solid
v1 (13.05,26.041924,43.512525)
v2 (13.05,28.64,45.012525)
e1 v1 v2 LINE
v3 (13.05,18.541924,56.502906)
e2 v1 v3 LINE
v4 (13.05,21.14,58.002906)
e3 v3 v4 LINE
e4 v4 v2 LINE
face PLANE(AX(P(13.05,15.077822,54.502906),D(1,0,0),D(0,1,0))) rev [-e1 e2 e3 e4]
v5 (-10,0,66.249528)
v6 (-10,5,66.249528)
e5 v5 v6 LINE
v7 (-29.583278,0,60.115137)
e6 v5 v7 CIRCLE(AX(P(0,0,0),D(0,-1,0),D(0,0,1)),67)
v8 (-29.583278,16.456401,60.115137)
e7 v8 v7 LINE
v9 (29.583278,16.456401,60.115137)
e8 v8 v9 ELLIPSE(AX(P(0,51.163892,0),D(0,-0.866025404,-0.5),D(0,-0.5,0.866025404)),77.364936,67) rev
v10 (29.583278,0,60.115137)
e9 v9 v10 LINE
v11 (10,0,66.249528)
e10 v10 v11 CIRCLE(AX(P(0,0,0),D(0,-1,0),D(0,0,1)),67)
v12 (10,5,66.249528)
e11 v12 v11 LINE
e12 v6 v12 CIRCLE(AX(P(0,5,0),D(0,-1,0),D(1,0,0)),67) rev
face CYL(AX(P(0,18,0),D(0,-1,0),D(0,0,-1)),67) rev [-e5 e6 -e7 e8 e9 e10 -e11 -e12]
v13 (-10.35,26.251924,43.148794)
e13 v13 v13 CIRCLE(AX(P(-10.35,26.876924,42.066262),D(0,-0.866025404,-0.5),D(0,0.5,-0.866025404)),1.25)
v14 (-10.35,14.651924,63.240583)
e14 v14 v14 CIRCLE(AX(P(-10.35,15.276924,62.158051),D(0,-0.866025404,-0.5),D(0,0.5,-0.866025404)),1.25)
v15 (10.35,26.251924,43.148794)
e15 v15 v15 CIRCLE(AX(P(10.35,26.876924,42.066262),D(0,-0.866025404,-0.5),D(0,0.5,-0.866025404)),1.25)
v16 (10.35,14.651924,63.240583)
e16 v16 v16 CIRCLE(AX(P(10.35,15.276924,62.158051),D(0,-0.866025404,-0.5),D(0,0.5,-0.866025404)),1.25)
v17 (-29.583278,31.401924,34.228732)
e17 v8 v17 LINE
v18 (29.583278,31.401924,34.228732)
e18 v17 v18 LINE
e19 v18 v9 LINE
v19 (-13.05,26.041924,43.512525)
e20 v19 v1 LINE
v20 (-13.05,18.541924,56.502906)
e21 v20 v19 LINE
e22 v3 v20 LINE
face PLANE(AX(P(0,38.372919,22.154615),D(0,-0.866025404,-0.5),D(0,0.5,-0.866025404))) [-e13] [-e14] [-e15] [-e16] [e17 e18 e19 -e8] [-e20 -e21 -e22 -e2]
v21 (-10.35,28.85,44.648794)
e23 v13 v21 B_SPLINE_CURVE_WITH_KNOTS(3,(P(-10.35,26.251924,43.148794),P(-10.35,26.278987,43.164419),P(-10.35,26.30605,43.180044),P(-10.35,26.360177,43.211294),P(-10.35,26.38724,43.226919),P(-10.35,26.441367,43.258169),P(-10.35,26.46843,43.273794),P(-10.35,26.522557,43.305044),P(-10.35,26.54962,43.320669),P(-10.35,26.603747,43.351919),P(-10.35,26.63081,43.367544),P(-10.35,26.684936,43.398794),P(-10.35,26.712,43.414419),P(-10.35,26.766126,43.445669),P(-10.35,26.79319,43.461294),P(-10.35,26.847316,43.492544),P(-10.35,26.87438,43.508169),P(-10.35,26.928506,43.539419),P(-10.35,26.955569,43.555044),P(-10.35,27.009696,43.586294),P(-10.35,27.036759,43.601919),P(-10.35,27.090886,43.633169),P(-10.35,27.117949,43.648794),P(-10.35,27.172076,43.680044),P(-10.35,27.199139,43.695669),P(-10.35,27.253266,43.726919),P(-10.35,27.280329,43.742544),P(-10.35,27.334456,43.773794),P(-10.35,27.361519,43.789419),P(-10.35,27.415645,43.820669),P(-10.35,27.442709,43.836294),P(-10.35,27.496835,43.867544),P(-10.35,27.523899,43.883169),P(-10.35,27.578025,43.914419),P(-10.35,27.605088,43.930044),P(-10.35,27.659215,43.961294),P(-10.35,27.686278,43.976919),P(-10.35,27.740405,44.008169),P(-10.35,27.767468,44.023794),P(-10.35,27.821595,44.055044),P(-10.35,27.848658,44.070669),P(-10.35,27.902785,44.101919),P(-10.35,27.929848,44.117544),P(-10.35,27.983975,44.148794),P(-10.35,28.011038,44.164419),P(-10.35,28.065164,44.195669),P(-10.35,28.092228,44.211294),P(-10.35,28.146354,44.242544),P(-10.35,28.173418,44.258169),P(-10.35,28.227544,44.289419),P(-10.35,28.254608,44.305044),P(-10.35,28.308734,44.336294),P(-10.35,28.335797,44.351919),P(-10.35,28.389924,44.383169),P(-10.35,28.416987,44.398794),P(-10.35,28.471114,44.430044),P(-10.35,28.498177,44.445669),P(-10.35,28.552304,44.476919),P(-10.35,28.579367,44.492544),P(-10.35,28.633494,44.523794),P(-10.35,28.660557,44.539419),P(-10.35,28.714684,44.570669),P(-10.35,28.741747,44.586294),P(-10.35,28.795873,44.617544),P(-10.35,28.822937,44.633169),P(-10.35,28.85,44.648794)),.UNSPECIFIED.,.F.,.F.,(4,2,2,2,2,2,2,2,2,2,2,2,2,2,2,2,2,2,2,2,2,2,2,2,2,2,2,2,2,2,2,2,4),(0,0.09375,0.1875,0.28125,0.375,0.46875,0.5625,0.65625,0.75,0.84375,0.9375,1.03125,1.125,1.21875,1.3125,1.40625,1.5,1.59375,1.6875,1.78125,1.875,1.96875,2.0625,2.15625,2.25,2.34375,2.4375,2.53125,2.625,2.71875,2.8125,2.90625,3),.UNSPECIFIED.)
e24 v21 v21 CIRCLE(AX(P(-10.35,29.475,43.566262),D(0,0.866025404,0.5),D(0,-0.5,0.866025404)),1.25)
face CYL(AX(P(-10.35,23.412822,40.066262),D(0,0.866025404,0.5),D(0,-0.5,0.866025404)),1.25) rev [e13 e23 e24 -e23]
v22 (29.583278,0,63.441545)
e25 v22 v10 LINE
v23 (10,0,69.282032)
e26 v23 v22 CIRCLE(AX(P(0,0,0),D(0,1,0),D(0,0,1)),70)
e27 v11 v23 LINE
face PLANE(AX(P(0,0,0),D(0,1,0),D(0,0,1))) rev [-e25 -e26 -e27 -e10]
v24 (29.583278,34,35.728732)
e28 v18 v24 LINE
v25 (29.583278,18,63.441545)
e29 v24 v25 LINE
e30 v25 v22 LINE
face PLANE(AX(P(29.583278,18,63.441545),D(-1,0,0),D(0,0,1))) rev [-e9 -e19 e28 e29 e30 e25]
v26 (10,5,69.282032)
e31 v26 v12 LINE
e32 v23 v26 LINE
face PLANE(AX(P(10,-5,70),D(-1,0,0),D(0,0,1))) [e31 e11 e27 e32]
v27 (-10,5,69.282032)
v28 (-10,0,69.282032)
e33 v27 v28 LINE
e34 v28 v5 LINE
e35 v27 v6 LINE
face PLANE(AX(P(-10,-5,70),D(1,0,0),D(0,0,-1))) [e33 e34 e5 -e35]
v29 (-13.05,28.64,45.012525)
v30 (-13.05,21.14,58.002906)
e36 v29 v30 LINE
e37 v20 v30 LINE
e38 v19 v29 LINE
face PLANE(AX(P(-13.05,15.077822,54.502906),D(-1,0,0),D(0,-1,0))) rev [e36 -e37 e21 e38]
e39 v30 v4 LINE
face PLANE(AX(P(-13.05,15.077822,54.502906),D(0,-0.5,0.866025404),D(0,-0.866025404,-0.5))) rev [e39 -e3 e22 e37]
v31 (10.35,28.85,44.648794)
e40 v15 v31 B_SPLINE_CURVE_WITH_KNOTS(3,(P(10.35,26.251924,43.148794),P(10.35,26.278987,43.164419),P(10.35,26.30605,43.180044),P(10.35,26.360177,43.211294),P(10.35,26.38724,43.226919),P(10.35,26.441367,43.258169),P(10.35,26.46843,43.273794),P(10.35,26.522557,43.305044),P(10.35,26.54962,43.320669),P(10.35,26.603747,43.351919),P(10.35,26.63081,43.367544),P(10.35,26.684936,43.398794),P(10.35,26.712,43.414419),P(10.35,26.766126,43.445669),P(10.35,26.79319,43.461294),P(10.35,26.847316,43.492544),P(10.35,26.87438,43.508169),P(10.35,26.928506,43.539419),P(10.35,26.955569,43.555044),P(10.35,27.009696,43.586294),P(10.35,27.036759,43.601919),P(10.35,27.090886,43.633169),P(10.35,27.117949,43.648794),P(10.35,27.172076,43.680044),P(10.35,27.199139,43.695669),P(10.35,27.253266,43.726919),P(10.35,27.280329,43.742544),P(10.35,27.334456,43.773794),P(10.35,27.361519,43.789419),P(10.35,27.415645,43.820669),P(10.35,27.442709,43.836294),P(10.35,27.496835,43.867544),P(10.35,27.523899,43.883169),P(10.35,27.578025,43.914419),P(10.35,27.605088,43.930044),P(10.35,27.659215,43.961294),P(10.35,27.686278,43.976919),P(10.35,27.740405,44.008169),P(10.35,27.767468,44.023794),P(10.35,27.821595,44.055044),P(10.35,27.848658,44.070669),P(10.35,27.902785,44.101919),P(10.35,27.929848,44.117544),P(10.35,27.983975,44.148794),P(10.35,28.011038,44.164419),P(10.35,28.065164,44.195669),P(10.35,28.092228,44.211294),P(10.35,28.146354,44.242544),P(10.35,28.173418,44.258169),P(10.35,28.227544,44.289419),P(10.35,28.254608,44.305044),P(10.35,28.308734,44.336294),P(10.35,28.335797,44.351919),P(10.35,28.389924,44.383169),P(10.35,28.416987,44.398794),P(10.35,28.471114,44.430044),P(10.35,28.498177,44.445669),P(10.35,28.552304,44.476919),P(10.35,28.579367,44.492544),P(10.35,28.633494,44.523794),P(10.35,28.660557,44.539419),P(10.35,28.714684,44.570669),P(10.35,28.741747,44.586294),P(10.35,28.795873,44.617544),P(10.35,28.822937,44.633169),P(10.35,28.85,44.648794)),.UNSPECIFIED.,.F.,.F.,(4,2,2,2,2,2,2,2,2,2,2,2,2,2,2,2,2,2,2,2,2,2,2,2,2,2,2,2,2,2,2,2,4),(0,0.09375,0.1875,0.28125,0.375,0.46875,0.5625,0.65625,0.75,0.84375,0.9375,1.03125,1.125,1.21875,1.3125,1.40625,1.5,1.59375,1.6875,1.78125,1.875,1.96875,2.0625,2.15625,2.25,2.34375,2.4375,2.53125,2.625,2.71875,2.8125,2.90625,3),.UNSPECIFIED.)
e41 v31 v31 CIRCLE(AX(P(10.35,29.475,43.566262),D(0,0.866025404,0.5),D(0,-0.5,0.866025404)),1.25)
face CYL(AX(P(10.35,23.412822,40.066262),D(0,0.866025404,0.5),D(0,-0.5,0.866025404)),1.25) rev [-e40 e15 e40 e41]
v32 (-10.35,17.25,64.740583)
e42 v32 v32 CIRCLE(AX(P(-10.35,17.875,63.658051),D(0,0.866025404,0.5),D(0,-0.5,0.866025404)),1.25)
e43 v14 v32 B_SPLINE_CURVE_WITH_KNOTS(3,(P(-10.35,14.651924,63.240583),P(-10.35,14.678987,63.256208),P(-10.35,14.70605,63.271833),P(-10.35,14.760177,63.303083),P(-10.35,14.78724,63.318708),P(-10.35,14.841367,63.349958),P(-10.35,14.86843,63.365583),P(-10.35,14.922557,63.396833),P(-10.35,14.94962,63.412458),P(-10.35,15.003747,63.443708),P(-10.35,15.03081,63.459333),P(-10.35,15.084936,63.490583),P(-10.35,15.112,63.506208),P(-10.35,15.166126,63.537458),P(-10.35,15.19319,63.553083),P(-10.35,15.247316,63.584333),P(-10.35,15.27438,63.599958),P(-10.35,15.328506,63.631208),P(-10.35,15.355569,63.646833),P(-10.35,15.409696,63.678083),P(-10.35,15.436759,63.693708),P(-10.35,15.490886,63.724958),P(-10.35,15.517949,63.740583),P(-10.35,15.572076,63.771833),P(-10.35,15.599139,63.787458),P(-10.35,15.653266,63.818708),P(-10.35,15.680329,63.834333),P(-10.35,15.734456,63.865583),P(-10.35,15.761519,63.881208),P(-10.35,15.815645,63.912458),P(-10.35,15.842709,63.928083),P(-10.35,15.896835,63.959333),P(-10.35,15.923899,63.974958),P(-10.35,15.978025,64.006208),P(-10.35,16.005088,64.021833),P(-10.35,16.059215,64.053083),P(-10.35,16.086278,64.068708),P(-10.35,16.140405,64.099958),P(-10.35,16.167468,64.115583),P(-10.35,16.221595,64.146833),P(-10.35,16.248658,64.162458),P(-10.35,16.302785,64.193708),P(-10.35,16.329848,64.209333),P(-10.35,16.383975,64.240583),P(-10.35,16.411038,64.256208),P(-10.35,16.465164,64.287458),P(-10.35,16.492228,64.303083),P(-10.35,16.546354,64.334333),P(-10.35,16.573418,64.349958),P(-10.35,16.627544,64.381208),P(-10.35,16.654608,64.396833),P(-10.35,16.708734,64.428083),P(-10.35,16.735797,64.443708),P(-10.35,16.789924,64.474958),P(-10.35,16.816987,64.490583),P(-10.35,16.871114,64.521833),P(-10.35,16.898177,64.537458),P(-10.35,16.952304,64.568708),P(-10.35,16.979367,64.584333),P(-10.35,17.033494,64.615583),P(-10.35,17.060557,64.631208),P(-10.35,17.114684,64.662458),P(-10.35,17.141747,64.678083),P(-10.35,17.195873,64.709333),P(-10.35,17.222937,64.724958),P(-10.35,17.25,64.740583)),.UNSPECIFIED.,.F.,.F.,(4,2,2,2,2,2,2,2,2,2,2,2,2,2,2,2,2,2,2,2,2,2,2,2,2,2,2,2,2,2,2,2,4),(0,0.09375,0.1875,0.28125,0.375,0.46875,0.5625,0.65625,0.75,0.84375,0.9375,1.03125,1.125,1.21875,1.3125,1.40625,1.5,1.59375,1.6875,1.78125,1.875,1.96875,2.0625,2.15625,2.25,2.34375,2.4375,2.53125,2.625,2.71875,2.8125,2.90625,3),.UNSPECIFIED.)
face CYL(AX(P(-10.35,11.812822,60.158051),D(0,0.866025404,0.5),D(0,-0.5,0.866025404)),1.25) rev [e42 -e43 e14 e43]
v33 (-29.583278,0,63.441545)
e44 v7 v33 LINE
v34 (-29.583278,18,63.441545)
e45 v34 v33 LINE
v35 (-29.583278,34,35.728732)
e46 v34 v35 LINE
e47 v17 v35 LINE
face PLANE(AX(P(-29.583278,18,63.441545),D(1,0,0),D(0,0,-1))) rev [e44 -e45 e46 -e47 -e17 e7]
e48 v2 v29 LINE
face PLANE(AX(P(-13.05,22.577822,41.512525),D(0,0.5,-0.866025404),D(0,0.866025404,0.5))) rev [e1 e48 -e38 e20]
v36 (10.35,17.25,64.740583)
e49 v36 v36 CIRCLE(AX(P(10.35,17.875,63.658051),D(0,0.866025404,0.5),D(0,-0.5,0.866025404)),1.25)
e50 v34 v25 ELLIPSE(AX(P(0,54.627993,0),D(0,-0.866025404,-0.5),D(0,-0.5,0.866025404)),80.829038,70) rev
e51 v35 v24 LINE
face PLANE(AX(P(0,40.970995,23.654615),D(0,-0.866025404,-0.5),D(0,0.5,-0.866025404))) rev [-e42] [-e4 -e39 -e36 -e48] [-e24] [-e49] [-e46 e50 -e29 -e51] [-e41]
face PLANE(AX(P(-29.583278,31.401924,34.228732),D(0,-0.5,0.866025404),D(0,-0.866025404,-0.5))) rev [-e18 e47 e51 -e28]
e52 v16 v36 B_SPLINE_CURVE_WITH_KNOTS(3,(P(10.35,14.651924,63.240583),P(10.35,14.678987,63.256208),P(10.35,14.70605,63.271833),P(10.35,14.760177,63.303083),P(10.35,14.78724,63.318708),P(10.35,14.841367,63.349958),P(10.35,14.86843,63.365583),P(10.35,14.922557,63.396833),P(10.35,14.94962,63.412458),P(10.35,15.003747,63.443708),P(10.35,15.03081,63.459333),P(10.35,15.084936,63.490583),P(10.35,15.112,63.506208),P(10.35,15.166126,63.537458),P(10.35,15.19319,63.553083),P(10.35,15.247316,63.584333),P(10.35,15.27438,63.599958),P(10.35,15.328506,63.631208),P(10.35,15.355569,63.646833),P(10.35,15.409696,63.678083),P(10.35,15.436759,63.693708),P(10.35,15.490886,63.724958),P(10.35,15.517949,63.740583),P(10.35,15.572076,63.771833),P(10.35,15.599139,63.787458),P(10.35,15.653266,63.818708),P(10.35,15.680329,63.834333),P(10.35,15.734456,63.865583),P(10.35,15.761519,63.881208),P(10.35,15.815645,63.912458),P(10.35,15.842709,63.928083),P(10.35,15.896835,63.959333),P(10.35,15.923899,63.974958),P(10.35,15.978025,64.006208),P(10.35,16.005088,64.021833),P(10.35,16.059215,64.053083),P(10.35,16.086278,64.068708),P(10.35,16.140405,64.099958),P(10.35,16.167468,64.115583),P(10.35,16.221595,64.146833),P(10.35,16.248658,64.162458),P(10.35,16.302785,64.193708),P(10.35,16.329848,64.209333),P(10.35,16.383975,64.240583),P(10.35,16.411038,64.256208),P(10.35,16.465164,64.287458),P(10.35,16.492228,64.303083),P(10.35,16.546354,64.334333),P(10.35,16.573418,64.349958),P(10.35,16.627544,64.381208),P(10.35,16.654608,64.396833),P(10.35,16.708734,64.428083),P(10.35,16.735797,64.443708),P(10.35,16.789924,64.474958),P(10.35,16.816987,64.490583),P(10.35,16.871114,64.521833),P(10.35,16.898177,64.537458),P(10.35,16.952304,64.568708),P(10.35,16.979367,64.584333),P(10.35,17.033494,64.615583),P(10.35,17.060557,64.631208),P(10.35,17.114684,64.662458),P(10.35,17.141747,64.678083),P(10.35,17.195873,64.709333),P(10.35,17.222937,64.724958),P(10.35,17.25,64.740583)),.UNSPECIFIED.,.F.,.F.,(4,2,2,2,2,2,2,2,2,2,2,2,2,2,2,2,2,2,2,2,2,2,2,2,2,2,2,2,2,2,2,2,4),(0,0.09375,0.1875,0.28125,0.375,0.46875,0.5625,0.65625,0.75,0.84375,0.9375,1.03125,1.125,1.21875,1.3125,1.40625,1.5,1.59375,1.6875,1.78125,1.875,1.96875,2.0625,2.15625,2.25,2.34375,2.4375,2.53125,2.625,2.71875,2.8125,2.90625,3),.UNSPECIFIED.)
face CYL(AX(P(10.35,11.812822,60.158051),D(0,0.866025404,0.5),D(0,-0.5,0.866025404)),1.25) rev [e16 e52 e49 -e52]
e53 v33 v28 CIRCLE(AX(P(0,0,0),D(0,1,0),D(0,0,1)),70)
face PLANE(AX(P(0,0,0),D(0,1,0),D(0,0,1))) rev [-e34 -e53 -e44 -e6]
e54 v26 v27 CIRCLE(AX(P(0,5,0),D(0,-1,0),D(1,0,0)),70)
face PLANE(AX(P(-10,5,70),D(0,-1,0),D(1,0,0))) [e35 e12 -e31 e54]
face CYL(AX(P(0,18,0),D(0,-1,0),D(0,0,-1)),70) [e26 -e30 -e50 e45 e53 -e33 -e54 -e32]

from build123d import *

# Parameters (mm, degrees)
BOSS_EXTRUDE1_DEPTH     = 18
BOSS_EXTRUDE2_DEPTH     = 3
CUT_EXTRUDE3_DEPTH      = 84.253650708
CUT_EXTRUDE3_DEPTH_BACK = 84.253650708
CUT_EXTRUDE4_DEPTH      = 84.253650708
SKETCH5_R               = 1.25
SKETCH5_W               = 26.1
SKETCH5_H               = 15
CUT_EXTRUDE1_DEPTH      = 7
SKETCH6_W               = 20
SKETCH6_H               = 10
CUT_EXTRUDE2_DEPTH      = 84.253650708


with BuildPart() as part:
    # Sketch1 → Boss-Extrude1 (new body)
    with BuildSketch(Plane(origin=(0, 0, 0), x_dir=(1, 0, 0), z_dir=(0, 1, 0))):
        with BuildLine():
            Line((-29.583278322, -63.441545093), (-29.583278322, -60.115136561))
            ThreePointArc((-29.583278322, -60.115136561), (0, -67), (29.583278322, -60.115136561))
            Line((29.583278322, -60.115136561), (29.583278322, -63.441545093))
            ThreePointArc((29.583278322, -63.441545093), (0, -70), (-29.583278322, -63.441545093))
        make_face()
    extrude(amount=BOSS_EXTRUDE1_DEPTH)

    # Sketch3 → Boss-Extrude2 (add)
    with BuildSketch(Plane(origin=(0, 40.970994853, 23.654614907), x_dir=(-1, 0, 0), z_dir=(-1.9937140685199517e-15, -0.8660254037844395, -0.49999999999999856))):
        Polygon((29.583278322, -45.941989705), (29.583278322, -13.941989705), (-29.583278322, -13.941989705), (-29.583278322, -45.941989705), (-29.583278322, -53.515041118), (29.583278322, -53.515041118), align=None)
    extrude(amount=BOSS_EXTRUDE2_DEPTH)

    # Sketch7 → Cut-Extrude3 (cut, two sides: drawn at the far end of the back side and taken through both)
    with BuildSketch(Plane(origin=(0, 0, 0), x_dir=(0, 0, -1), z_dir=(1, 0, 0)).offset(-CUT_EXTRUDE3_DEPTH_BACK)):
        Polygon((-70, 14.213474294), (-63.441545093, 18), (-70, 18), align=None)
    extrude(amount=CUT_EXTRUDE3_DEPTH + CUT_EXTRUDE3_DEPTH_BACK, mode=Mode.SUBTRACT)

    # Sketch8 → Cut-Extrude4 (cut, through all)
    with BuildSketch(Plane.XZ):
        with BuildLine():
            Line((-29.583278322, 63.441545093), (-29.583278322, 71.549825609))
            Line((-29.583278322, 71.549825609), (29.583278322, 71.549825609))
            Line((29.583278322, 71.549825609), (29.583278322, 63.441545093))
            ThreePointArc((29.583278322, 63.441545093), (0, 70), (-29.583278322, 63.441545093))
        make_face()
    extrude(amount=-CUT_EXTRUDE4_DEPTH, mode=Mode.SUBTRACT)

    # Sketch5 → Cut-Extrude1 (cut)
    with BuildSketch(Plane(origin=(0, 40.970994853, 23.654614907), x_dir=(1, 0, 0), z_dir=(2.0433685445882858e-15, 0.8660254037844395, 0.49999999999999845))):
        with Locations(Location((-10.35, -22.991989705, 0), (0, 0, 270))):
            Circle(SKETCH5_R)
        with Locations(Location((10.35, -22.991989705, 0), (0, 0, 270))):
            Circle(SKETCH5_R)
        with Locations(Location((10.35, -46.191989705, 0), (0, 0, 270))):
            Circle(SKETCH5_R)
        with Locations(Location((-10.35, -46.191989705, 0), (0, 0, 270))):
            Circle(SKETCH5_R)
        with Locations((0, -32.161989705)):
            Rectangle(SKETCH5_W, SKETCH5_H)
    extrude(amount=-CUT_EXTRUDE1_DEPTH, mode=Mode.SUBTRACT)

    # Sketch6 → Cut-Extrude2 (cut, through all)
    with BuildSketch(Plane.XY):
        Rectangle(SKETCH6_W, SKETCH6_H)
    extrude(amount=CUT_EXTRUDE2_DEPTH, mode=Mode.SUBTRACT)


solid = part.part
